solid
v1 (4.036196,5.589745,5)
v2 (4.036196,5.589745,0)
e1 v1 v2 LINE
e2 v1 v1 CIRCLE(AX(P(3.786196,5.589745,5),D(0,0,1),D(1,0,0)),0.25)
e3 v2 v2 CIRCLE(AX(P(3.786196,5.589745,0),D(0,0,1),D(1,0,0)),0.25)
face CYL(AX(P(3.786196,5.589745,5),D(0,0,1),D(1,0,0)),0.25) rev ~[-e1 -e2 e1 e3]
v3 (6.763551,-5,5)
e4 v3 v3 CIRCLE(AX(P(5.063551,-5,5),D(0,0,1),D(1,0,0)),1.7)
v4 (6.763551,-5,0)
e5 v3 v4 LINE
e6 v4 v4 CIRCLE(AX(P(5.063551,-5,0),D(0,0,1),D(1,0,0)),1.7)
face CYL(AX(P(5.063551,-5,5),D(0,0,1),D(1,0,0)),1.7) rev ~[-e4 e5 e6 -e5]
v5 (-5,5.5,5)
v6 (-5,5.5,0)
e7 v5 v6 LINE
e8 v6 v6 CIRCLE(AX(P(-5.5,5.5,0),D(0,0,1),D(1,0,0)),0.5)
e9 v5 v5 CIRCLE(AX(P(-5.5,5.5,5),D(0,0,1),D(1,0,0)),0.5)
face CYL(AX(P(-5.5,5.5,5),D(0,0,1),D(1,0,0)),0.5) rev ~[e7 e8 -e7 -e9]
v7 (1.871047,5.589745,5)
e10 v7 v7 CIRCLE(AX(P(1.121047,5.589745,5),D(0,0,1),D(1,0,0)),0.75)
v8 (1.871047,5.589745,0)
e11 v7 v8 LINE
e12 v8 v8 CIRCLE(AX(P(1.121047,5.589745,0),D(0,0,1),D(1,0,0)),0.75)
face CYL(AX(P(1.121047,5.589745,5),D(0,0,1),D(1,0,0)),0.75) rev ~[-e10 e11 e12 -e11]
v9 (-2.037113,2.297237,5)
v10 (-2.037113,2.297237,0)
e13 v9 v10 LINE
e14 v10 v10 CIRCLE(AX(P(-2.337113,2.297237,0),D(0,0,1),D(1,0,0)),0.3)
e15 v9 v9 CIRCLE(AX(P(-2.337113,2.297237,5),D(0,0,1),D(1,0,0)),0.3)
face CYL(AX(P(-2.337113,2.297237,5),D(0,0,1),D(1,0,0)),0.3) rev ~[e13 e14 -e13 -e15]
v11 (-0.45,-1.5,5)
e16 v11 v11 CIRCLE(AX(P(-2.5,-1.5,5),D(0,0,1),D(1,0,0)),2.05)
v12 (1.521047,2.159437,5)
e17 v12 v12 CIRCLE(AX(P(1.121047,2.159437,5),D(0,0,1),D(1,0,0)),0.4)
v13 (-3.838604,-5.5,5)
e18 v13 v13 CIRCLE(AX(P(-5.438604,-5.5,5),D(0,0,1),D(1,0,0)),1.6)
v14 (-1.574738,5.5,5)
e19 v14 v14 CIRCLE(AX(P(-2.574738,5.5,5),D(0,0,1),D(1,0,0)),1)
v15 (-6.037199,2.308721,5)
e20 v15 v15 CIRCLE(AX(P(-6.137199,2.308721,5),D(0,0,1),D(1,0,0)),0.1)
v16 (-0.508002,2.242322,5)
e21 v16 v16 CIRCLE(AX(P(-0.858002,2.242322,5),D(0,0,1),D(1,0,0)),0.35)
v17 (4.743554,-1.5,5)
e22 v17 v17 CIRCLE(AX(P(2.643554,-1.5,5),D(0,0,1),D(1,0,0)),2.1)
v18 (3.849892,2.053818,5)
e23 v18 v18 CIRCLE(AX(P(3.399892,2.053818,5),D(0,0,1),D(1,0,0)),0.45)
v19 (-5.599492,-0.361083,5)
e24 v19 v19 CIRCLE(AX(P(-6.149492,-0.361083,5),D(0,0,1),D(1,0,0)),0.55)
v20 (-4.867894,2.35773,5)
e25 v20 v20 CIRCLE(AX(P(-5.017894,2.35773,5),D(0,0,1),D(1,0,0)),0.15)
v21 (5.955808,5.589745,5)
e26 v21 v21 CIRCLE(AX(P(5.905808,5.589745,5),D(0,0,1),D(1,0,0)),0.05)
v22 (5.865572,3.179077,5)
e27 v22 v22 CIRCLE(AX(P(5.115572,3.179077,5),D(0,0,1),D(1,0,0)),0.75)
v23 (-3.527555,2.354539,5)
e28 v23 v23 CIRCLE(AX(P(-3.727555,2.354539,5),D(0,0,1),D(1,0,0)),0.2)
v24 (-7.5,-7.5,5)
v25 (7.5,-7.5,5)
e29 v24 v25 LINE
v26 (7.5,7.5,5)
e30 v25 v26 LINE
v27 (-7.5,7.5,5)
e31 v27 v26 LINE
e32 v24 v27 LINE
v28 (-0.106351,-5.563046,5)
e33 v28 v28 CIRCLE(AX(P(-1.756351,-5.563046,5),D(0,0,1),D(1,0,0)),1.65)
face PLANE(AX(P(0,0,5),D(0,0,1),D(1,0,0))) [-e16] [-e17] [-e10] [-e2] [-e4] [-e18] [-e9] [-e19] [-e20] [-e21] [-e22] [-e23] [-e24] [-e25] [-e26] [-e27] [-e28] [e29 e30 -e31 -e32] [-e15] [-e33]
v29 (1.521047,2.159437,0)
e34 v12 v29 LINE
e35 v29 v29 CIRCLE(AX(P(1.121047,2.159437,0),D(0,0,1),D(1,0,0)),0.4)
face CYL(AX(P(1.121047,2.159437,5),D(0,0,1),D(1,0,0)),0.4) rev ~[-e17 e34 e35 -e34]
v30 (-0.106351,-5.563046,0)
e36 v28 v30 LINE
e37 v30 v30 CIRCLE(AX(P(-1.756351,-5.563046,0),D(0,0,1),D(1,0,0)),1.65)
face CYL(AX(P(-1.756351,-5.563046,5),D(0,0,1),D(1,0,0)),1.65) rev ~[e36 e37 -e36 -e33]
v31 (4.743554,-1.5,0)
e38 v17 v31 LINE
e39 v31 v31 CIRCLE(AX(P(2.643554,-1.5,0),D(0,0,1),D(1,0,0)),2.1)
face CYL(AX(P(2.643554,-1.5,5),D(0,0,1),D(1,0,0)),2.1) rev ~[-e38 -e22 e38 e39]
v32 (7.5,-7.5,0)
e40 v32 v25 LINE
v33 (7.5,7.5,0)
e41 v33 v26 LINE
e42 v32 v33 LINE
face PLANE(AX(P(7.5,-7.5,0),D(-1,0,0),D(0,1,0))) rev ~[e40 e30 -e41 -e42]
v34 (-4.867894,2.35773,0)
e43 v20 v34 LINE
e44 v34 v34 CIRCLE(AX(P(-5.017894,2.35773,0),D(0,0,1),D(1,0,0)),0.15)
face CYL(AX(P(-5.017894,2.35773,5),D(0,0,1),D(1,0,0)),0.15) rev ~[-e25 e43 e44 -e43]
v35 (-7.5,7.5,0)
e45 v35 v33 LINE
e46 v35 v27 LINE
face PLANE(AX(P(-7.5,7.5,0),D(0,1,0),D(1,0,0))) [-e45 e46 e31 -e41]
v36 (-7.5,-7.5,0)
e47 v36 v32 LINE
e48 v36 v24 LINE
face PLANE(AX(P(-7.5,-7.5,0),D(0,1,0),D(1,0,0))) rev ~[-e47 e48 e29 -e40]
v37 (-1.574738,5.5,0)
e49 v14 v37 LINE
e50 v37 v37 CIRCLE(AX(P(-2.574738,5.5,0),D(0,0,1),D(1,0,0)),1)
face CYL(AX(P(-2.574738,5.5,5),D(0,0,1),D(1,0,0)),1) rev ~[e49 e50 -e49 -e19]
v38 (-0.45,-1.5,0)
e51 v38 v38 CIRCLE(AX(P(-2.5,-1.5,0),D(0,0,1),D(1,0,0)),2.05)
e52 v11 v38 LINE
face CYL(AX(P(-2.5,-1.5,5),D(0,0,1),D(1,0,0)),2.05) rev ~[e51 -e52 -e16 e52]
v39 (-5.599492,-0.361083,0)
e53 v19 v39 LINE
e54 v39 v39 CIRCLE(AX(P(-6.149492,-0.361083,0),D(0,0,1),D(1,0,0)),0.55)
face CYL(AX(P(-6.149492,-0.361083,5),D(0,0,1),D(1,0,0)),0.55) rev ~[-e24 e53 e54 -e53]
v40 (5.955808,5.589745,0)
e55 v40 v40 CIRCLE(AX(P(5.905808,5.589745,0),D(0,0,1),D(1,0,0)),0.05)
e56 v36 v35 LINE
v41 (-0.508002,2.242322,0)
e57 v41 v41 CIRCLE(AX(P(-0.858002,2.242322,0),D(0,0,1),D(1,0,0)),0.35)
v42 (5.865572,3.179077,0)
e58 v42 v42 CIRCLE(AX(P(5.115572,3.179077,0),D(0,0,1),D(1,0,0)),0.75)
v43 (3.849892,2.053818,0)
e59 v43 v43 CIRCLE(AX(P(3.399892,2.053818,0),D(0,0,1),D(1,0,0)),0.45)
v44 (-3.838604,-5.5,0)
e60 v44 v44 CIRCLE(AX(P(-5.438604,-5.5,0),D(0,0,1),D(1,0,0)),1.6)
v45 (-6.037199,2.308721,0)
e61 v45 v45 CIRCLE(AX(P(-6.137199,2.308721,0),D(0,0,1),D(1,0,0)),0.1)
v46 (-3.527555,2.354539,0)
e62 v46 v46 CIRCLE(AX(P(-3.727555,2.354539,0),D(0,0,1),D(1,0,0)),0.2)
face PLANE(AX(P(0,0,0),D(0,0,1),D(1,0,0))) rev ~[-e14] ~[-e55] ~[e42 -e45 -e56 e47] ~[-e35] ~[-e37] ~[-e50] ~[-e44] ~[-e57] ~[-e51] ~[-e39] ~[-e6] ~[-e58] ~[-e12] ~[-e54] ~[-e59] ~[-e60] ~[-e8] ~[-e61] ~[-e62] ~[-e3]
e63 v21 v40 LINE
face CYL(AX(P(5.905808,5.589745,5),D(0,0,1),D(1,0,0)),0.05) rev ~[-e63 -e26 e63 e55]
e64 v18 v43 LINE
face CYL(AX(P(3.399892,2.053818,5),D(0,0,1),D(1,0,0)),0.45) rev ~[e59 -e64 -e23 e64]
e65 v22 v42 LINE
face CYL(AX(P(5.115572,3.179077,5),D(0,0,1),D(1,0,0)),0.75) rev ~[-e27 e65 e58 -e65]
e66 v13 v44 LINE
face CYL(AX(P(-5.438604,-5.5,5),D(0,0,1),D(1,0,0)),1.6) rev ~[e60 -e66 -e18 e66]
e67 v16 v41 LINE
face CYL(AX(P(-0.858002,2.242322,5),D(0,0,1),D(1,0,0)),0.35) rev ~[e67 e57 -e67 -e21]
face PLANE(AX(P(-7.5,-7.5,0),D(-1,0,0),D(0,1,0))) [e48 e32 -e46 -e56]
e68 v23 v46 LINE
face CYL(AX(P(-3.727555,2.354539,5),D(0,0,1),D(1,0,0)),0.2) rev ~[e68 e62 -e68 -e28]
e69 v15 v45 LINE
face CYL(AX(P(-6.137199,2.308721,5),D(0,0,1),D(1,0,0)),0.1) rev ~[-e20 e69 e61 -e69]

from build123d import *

# Parameters (mm, degrees)
F0_W     = 15
F0_H     = 15
F1_DEPTH = 5
F2_R     = 0.5
F2_R_2   = 1
F2_R_3   = 0.75
F2_R_4   = 0.25
F2_R_5   = 0.05
F2_R_6   = 0.1
F2_R_7   = 0.15
F2_R_8   = 0.2
F2_R_9   = 0.3
F2_R_10  = 0.35
F2_R_11  = 0.4
F2_R_12  = 0.45
F2_R_13  = 0.55
F2_R_14  = 2.05
F2_R_15  = 2.1
F2_R_16  = 1.6
F2_R_17  = 1.65
F2_R_18  = 1.7
F3_DEPTH = 25


with BuildPart() as f1:
    # F0 (on Top) → F1 (new body)
    with BuildSketch(Plane.XY):
        Rectangle(F0_W, F0_H)
    extrude(amount=F1_DEPTH)

    # F2 (on face) → F3 (cut)
    with BuildSketch(Plane.XY.offset(5)):
        with Locations((-5.5, 5.5)):
            Circle(F2_R)
        with Locations((-2.574738, 5.5)):
            Circle(F2_R_2)
        with Locations((1.121047, 5.589745)):
            Circle(F2_R_3)
        with Locations((3.786196, 5.589745)):
            Circle(F2_R_4)
        with Locations((5.905808, 5.589745)):
            Circle(F2_R_5)
        with Locations((-6.137199, 2.308721)):
            Circle(F2_R_6)
        with Locations((-5.017894, 2.35773)):
            Circle(F2_R_7)
        with Locations((-3.727555, 2.354539)):
            Circle(F2_R_8)
        with Locations((-2.337113, 2.297237)):
            Circle(F2_R_9)
        with Locations((-0.858002, 2.242322)):
            Circle(F2_R_10)
        with Locations((1.121047, 2.159437)):
            Circle(F2_R_11)
        with Locations((3.399892, 2.053818)):
            Circle(F2_R_12)
        with Locations((-6.149492, -0.361083)):
            Circle(F2_R_13)
        with Locations((-2.5, -1.5)):
            Circle(F2_R_14)
        with Locations((2.643554, -1.5)):
            Circle(F2_R_15)
        with Locations((-5.438604, -5.5)):
            Circle(F2_R_16)
        with Locations((-1.756351, -5.563046)):
            Circle(F2_R_17)
        with Locations((5.063551, -5)):
            Circle(F2_R_18)
        with Locations((5.115572, 3.179077)):
            Circle(F2_R_3)
    extrude(amount=-F3_DEPTH, mode=Mode.SUBTRACT)


solid = f1.part
